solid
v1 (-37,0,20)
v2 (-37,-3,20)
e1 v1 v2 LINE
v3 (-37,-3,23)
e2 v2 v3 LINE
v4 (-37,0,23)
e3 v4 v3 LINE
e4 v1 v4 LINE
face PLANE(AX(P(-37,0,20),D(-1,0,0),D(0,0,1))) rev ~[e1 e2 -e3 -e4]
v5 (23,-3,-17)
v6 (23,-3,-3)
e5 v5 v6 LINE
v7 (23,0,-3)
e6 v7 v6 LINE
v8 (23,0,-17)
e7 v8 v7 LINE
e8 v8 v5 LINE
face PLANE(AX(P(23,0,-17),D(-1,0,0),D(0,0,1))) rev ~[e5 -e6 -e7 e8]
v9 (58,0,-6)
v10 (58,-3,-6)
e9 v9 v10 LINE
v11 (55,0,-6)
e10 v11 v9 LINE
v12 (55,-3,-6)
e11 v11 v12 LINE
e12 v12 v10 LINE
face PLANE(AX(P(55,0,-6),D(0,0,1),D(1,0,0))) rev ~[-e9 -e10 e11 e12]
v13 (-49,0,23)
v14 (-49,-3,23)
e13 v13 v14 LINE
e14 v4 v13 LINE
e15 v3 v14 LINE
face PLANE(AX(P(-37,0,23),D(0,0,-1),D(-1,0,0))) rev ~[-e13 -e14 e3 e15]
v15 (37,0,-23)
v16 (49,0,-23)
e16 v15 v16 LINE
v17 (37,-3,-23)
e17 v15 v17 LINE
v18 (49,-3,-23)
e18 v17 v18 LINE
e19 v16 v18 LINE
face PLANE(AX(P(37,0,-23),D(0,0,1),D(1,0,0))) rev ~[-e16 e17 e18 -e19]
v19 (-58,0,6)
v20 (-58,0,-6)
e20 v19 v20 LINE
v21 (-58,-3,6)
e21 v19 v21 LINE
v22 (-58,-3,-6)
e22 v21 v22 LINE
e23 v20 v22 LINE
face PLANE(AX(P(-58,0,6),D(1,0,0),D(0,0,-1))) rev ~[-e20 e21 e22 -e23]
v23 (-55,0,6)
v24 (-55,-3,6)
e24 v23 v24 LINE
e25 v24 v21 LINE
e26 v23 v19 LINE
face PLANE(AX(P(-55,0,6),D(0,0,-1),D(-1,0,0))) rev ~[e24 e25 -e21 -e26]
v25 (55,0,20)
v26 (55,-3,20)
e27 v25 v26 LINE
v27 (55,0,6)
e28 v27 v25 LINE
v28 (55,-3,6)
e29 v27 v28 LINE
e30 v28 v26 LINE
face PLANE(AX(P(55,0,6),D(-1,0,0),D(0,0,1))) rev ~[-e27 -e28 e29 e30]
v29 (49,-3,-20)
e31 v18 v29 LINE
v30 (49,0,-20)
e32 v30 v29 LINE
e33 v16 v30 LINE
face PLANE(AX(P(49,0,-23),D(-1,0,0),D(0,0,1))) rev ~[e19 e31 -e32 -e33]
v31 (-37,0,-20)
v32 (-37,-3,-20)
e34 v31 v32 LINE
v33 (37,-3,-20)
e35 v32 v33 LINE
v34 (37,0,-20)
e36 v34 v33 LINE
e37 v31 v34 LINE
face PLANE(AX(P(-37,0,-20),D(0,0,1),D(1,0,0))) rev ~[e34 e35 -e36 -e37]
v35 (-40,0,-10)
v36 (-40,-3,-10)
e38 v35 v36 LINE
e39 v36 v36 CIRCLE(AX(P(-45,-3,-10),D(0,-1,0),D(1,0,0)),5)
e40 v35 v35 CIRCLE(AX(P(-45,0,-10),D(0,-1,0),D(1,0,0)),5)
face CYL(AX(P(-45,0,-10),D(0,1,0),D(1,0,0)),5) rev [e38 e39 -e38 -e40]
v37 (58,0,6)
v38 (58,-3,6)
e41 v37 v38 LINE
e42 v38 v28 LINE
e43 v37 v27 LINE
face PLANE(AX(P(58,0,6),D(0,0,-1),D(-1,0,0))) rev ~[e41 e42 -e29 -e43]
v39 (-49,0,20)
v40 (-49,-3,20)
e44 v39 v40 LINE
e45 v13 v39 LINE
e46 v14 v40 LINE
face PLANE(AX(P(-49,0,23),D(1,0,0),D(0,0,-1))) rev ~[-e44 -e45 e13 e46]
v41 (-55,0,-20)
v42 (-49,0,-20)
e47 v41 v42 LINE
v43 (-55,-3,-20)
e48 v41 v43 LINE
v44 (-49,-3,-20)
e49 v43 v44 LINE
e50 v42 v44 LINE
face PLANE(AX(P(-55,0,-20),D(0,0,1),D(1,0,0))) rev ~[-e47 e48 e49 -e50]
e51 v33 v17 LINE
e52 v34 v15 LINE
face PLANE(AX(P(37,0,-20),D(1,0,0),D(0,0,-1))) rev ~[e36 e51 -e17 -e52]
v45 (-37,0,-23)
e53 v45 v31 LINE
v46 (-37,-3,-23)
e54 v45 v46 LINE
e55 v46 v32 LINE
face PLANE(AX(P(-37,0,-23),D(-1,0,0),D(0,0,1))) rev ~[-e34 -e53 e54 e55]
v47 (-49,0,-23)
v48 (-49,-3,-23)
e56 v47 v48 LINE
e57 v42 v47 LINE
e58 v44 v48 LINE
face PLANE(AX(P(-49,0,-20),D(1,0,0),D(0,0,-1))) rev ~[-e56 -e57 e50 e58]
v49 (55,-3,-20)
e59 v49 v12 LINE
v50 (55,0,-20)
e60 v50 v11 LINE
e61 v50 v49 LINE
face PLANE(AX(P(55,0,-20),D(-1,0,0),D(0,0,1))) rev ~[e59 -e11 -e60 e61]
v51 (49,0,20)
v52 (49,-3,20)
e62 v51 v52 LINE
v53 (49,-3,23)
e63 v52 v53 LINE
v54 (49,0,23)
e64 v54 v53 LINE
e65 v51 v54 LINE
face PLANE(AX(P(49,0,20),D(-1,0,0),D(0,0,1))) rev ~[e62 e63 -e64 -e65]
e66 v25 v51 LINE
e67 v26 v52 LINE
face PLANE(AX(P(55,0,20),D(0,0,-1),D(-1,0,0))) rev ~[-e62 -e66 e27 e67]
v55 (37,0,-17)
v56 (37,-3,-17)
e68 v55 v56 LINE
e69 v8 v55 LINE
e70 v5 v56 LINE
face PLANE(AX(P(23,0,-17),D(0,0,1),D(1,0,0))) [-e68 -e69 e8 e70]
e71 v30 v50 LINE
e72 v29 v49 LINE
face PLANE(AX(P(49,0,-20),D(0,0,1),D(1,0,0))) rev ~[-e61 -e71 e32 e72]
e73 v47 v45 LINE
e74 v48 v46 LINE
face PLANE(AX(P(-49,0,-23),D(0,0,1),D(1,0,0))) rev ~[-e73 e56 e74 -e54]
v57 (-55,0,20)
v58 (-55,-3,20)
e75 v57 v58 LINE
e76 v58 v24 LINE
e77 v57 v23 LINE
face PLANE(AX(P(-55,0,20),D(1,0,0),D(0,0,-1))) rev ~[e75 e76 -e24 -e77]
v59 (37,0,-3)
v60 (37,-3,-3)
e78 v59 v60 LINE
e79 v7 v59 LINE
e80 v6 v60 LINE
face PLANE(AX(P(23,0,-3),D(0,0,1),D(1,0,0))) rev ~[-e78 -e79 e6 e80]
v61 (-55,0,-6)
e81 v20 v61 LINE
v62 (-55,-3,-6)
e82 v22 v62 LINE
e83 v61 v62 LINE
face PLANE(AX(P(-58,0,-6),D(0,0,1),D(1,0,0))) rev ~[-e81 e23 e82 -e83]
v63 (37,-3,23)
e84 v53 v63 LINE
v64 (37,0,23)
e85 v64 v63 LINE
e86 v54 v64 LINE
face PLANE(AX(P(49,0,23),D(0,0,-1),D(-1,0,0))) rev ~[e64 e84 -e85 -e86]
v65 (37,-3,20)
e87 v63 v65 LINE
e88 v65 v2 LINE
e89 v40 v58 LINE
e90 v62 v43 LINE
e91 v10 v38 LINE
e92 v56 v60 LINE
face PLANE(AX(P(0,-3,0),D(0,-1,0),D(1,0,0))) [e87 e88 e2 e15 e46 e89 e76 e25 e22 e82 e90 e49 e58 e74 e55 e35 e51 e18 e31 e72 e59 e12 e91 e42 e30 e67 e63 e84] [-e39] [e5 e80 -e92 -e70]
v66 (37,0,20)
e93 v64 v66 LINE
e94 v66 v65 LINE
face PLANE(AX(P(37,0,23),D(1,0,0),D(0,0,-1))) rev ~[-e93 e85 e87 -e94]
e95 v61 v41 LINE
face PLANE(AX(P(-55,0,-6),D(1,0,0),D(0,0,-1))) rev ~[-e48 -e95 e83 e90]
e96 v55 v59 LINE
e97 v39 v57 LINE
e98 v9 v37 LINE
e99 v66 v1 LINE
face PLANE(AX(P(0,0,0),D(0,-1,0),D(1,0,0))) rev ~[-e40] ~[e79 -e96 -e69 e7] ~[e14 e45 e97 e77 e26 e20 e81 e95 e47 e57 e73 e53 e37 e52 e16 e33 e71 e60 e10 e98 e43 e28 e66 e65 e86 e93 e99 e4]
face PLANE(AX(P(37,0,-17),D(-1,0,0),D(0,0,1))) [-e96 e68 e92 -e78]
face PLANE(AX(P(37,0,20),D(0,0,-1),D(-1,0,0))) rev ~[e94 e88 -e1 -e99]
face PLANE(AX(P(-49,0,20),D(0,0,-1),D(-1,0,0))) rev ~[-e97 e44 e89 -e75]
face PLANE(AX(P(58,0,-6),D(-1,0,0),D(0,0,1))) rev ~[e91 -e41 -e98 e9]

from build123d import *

# Parameters (mm, degrees)
F0_R     = 5
F0_W     = 14
F0_H     = 14
F1_DEPTH = 3


with BuildPart() as f1:
    # F0 (on Front) → F1 (new body)
    with BuildSketch(Plane.XZ):
        Polygon((55, 6), (55, 20), (49, 20), (49, 23), (37, 23), (37, 20), (-37, 20), (-37, 23), (-49, 23), (-49, 20), (-55, 20), (-55, 6), (-58, 6), (-58, -6), (-55, -6), (-55, -20), (-49, -20), (-49, -23), (-37, -23), (-37, -20), (37, -20), (37, -23), (49, -23), (49, -20), (55, -20), (55, -6), (58, -6), (58, 6), align=None)
        with Locations((-45, -10)):
            Circle(F0_R, mode=Mode.SUBTRACT)
        with Locations((30, -10)):
            Rectangle(F0_W, F0_H, mode=Mode.SUBTRACT)
    extrude(amount=F1_DEPTH)


solid = f1.part
